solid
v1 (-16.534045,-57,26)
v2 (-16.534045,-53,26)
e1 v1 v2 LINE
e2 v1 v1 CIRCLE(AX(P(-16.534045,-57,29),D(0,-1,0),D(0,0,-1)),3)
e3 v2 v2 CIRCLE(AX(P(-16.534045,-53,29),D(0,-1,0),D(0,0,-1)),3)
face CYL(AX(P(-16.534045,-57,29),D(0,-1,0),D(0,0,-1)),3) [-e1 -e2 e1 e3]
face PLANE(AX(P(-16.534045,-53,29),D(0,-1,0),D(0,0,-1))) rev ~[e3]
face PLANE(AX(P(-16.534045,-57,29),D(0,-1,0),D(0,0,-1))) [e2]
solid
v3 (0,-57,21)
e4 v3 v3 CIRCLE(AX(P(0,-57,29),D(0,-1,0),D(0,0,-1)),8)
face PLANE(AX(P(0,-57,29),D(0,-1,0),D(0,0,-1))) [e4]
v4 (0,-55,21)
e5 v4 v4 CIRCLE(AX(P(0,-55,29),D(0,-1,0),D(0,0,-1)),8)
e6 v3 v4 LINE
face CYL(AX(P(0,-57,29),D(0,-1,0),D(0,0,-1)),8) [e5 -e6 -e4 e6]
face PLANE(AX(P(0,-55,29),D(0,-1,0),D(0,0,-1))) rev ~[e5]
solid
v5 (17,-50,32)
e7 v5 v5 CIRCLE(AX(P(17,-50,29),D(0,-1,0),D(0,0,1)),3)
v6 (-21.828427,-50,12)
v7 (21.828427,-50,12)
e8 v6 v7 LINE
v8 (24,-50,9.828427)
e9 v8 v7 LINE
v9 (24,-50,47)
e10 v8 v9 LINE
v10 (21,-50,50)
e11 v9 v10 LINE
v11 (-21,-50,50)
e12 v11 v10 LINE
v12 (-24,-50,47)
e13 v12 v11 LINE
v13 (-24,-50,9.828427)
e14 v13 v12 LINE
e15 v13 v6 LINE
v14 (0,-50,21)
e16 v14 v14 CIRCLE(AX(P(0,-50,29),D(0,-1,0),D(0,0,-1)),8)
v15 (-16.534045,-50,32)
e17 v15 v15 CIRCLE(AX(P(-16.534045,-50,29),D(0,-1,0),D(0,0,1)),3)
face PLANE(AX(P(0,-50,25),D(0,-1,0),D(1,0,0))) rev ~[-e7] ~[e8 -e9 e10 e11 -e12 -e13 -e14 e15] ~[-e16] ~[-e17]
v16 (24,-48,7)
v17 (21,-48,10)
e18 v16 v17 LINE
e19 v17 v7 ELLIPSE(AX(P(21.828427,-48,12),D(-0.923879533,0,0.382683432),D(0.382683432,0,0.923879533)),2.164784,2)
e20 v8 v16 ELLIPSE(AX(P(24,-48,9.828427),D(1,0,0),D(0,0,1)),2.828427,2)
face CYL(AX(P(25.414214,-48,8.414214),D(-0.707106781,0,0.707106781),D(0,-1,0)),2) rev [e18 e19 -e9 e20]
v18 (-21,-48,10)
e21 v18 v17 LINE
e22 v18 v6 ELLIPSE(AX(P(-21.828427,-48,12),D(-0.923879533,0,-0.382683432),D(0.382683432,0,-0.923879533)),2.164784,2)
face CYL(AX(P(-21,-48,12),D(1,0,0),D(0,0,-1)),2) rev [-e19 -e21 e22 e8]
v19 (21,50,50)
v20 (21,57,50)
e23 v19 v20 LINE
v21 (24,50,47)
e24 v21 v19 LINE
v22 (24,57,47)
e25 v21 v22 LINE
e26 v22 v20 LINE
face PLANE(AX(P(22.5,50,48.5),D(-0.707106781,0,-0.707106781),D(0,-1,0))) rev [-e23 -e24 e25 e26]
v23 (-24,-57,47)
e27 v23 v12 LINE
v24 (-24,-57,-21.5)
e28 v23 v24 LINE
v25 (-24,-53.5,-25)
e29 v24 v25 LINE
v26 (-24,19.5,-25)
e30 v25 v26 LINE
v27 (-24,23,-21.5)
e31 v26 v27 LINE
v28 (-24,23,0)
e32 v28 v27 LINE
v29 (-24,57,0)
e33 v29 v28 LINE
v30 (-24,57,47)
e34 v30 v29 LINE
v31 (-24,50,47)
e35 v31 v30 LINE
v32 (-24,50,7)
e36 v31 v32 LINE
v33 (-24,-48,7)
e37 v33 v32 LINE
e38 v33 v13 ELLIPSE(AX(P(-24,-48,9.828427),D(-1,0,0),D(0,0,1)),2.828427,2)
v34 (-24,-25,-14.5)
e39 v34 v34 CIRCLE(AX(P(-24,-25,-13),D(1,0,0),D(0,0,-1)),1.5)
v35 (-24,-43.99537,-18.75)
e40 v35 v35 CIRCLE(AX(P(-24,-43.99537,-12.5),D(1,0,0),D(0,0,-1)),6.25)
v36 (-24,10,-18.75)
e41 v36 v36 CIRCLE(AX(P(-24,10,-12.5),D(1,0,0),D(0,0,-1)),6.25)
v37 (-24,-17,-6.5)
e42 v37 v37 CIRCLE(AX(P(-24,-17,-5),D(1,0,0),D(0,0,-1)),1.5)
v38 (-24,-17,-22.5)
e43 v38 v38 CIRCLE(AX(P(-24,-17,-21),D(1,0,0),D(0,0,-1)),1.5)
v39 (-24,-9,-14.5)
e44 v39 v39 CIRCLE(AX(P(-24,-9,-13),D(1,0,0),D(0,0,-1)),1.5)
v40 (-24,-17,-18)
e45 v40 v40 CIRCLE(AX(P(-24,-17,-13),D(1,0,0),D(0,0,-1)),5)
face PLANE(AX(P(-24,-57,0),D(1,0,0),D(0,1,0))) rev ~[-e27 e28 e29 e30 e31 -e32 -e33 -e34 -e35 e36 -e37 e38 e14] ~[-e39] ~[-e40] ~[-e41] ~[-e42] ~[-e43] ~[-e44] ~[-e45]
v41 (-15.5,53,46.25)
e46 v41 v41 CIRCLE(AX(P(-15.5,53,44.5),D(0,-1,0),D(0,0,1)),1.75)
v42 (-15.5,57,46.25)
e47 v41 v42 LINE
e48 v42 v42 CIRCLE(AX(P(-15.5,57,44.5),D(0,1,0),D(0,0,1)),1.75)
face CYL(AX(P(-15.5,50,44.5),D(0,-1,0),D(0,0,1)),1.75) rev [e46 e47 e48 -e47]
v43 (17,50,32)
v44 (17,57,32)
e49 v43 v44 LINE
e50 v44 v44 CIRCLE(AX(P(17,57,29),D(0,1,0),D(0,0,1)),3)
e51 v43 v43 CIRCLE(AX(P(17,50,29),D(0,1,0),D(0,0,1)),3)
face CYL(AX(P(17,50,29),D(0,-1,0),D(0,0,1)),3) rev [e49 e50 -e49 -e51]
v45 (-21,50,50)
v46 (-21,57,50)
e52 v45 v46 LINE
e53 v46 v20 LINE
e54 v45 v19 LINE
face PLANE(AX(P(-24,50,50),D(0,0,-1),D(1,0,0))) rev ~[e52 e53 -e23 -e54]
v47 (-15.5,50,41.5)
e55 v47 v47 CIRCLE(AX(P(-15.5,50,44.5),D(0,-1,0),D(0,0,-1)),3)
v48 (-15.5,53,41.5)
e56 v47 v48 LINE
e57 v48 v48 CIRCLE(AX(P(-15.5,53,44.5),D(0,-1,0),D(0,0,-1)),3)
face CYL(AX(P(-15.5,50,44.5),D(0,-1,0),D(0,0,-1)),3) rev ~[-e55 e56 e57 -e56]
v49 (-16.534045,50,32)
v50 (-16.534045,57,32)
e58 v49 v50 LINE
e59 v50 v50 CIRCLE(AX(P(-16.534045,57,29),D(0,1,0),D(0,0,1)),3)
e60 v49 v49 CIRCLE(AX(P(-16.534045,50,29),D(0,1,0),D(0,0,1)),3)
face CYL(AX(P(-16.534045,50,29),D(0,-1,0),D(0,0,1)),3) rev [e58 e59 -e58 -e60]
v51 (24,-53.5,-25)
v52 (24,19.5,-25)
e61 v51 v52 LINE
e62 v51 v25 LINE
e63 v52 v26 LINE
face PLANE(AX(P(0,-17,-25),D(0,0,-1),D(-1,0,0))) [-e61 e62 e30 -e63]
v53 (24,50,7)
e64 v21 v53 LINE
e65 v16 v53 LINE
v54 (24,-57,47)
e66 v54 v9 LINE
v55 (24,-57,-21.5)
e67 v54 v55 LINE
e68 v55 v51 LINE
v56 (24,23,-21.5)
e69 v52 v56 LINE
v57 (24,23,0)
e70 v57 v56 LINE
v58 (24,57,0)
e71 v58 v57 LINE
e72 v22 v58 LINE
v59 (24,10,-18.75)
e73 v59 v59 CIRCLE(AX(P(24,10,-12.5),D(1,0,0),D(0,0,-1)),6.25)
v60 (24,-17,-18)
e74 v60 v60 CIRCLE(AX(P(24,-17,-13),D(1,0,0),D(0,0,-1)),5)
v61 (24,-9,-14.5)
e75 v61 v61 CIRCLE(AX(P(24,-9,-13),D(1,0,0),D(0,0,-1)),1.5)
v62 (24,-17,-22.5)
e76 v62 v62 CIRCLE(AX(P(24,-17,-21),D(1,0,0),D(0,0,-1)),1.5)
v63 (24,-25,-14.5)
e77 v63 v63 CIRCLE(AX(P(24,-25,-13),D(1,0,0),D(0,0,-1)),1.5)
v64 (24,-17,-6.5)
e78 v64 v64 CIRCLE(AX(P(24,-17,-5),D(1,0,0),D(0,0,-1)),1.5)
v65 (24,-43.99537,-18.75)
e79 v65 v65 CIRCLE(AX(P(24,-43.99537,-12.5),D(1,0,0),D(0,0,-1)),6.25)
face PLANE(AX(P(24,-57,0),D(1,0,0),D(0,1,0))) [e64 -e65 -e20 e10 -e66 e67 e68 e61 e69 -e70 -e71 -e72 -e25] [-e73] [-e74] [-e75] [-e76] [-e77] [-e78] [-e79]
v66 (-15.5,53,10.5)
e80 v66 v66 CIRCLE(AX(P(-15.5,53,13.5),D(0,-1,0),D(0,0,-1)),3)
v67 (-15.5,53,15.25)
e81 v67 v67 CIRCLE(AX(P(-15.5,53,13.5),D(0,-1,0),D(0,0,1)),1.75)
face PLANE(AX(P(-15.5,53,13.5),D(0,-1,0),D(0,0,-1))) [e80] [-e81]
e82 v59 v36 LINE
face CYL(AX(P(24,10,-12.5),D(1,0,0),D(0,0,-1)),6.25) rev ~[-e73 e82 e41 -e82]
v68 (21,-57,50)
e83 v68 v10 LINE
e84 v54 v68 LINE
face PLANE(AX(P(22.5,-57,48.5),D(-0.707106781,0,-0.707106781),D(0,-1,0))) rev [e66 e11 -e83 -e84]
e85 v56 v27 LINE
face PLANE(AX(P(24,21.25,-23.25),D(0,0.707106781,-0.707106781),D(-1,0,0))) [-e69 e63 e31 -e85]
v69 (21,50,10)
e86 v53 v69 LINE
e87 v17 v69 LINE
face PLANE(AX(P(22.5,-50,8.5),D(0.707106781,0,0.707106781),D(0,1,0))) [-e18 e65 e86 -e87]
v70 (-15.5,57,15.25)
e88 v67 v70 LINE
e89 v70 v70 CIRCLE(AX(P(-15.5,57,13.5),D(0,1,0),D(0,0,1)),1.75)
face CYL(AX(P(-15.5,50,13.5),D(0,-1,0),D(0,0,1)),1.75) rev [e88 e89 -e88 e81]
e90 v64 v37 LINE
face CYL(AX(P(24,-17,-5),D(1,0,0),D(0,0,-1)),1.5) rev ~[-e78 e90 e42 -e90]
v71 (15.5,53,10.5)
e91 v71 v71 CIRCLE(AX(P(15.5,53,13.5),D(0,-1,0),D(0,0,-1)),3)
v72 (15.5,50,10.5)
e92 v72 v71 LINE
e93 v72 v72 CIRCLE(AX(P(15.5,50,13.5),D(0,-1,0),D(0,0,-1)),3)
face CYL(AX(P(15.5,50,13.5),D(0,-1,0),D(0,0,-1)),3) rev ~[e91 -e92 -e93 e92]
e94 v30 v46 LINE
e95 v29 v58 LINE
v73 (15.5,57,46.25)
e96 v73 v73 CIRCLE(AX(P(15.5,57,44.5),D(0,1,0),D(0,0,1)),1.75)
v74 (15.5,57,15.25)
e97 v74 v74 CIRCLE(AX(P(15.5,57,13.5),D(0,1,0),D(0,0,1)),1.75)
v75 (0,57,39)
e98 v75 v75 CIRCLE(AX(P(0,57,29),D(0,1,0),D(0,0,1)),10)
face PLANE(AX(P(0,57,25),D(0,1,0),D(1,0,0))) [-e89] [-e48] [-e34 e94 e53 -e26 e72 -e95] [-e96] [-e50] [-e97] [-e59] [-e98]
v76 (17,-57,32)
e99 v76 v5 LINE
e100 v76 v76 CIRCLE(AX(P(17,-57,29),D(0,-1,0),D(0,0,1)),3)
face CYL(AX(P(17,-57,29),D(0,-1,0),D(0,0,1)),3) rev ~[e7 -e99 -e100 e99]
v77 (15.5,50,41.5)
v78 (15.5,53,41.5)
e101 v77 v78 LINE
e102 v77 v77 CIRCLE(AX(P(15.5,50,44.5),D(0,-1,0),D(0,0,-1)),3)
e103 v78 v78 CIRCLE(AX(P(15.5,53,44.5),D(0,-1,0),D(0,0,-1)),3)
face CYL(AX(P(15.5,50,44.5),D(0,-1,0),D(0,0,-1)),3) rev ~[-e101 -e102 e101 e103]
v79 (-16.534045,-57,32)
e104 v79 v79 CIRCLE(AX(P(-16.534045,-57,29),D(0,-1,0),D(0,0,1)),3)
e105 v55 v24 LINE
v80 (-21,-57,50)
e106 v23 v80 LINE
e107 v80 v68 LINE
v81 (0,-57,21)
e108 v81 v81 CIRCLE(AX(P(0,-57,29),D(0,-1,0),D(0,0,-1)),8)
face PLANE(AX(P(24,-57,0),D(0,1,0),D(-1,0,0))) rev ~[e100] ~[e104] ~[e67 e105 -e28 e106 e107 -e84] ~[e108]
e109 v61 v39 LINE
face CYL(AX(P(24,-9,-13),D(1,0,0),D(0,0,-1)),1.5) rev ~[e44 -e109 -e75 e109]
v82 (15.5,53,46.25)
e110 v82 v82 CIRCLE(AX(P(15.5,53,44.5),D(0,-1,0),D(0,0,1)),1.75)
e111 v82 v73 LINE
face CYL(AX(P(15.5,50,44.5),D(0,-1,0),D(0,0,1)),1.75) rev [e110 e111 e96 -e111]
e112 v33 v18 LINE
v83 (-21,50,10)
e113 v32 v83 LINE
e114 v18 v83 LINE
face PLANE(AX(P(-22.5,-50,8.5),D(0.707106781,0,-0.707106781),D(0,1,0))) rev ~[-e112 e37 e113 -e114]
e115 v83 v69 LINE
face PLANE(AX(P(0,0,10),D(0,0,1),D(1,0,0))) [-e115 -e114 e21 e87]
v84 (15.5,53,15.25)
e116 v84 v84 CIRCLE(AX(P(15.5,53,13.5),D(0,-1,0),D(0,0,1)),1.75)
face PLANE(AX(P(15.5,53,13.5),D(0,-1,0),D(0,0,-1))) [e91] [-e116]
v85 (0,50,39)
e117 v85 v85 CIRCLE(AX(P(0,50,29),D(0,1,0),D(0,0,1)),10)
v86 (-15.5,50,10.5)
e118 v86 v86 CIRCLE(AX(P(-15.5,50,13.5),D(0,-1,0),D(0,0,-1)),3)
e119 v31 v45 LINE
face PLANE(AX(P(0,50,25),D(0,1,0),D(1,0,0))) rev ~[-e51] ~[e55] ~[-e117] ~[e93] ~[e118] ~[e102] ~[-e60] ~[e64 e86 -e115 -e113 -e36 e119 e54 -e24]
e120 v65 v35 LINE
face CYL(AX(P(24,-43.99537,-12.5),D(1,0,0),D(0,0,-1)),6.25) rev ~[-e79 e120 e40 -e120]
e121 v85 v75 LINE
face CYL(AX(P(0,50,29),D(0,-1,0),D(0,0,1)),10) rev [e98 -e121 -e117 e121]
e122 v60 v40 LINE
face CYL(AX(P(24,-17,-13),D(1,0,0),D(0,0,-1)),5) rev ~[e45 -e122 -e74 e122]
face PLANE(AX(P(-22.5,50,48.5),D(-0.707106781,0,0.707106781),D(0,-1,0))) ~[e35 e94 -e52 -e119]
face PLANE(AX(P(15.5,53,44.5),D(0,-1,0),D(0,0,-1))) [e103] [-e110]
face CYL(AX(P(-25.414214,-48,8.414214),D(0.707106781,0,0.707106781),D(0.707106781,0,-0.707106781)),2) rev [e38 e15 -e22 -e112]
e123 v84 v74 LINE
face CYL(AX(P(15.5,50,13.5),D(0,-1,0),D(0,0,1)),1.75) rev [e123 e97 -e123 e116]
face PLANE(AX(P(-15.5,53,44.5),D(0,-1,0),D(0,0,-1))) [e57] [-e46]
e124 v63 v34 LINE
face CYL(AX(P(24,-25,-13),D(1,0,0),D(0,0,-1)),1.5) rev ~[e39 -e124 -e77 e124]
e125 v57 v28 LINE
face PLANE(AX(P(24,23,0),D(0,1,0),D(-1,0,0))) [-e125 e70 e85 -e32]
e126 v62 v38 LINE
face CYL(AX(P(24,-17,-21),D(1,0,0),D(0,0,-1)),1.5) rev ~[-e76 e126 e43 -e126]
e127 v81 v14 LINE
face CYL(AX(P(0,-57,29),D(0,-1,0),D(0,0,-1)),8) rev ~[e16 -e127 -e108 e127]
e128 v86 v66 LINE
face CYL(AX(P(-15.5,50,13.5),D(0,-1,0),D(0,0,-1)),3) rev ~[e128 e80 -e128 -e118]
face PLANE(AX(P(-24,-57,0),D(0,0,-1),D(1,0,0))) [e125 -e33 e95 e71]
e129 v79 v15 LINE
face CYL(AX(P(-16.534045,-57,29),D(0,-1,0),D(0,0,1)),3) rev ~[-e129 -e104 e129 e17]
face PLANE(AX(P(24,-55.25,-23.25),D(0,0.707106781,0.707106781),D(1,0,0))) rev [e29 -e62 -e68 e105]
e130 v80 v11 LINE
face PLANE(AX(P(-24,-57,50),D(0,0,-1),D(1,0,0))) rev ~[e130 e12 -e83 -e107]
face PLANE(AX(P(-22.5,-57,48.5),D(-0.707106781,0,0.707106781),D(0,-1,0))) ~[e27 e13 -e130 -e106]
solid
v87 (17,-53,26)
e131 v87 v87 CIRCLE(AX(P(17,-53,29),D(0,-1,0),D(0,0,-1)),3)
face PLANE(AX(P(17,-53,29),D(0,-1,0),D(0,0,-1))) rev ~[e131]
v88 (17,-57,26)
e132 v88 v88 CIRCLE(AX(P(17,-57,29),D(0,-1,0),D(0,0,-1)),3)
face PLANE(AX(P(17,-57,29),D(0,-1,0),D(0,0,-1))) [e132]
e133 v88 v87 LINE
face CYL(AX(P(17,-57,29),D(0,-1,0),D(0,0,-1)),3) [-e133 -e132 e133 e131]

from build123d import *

# Parameters (mm, degrees)
SKETCH_1_W          = 48
SKETCH_1_H          = 100
EXTRUDE_1_DEPTH     = 10
SKETCH_4_W          = 48
SKETCH_4_H          = 50
SKETCH_4_R          = 10
SKETCH_4_R_2        = 3
SKETCH_4_R_3        = 1.75
EXTRUDE_3_DEPTH     = 7
EXTRUDE_START       = 7
SKETCH_6_W          = 48
SKETCH_6_H          = 50
SKETCH_6_R          = 8
SKETCH_6_R_2        = 3
EXTRUDE_4_DEPTH     = 7
SKETCH_3_W          = 48
SKETCH_3_H          = 80
EXTRUDE_2_DEPTH     = 25
CHAMFER_1_SIZE      = 3
FILLET_1_R          = 2
SKETCH_7_R          = 3
EXTRUDE_5_DEPTH     = 4
EXTRUDE_5_2_DEPTH   = 4
SKETCH_8_R          = 5
SKETCH_8_R_2        = 1.5
SKETCH_8_R_3        = 6.25
CUT_EXTRUDE_3_DEPTH = 90.738509014
SKETCH_9_R          = 3
CUT_EXTRUDE_4_DEPTH = 3
CHAMFER_5_SIZE      = 3.5
SKETCH_10_R         = 8
EXTRUDE_6_DEPTH     = 2


with BuildPart() as part:
    # 草圖1 → 填料-伸長1 (new body)
    with BuildSketch(Plane.XY):
        Rectangle(SKETCH_1_W, SKETCH_1_H)
    extrude(amount=EXTRUDE_1_DEPTH)

    # 草圖4 → 填料-伸長3 (add)
    with BuildSketch(Plane(origin=(0, 50, 0), x_dir=(1, 0, 0), z_dir=(0, 1, 0))):
        with Locations((0, -25)):
            Rectangle(SKETCH_4_W, SKETCH_4_H)
        with Locations(Location((0, -29, 0), (0, 0, 270))):
            Circle(SKETCH_4_R, mode=Mode.SUBTRACT)
        with Locations(Location((17, -29, 0), (0, 0, 270))):
            Circle(SKETCH_4_R_2, mode=Mode.SUBTRACT)
        with Locations(Location((-16.534045139, -29, 0), (0, 0, 270))):
            Circle(SKETCH_4_R_2, mode=Mode.SUBTRACT)
        with Locations(Location((15.5, -44.5, 0), (0, 0, 270))):
            Circle(SKETCH_4_R_3, mode=Mode.SUBTRACT)
        with Locations(Location((15.5, -13.5, 0), (0, 0, 270))):
            Circle(SKETCH_4_R_3, mode=Mode.SUBTRACT)
        with Locations(Location((-15.5, -13.5, 0), (0, 0, 270))):
            Circle(SKETCH_4_R_3, mode=Mode.SUBTRACT)
        with Locations(Location((-15.5, -44.5, 0), (0, 0, 270))):
            Circle(SKETCH_4_R_3, mode=Mode.SUBTRACT)
    extrude(amount=EXTRUDE_3_DEPTH)

    # 草圖6 → 填料-伸長4 (add)
    with BuildSketch(Plane.XZ.offset(50).offset(EXTRUDE_START)):
        with Locations((0, 25)):
            Rectangle(SKETCH_6_W, SKETCH_6_H)
        with Locations(Location((0, 29, 0), (0, 0, 270))):
            Circle(SKETCH_6_R, mode=Mode.SUBTRACT)
        with Locations(Location((-16.534045139, 29, 0), (0, 0, 90))):
            Circle(SKETCH_6_R_2, mode=Mode.SUBTRACT)
        with Locations(Location((17, 29, 0), (0, 0, 90))):
            Circle(SKETCH_6_R_2, mode=Mode.SUBTRACT)
    extrude(amount=-EXTRUDE_4_DEPTH)

    # 草圖3 → 填料-伸長2 (add)
    with BuildSketch(Plane(origin=(0, 0, 0), x_dir=(-1, 0, 0), z_dir=(0, 0, -1))):
        with Locations((0, -17)):
            Rectangle(SKETCH_3_W, SKETCH_3_H)
    extrude(amount=EXTRUDE_2_DEPTH)

    # 導角1
    chamfer_1_edges = [part.edges().sort_by_distance(p)[0] for p in [
        (24, 0, 10),
        (24, 53.5, 50),
        (-24, 53.5, 50),
        (-24, 0, 10),
        (-24, -53.5, 50),
        (24, -53.5, 50),
    ]]
    chamfer(chamfer_1_edges, length=CHAMFER_1_SIZE)

    # 圓角1
    fillet_1_edges = [part.edges().sort_by_distance(p)[0] for p in [
        (0, -50, 10),
        (22.5, -50, 8.5),
        (-22.5, -50, 8.5),
    ]]
    fillet(fillet_1_edges, radius=FILLET_1_R)

    # 草圖8 → 除料-伸長3 (cut, through all)
    with BuildSketch(Plane(origin=(24, 0, 0), x_dir=(0, 0, -1), z_dir=(1, 0, 0))):
        with Locations((13, -17)):
            Circle(SKETCH_8_R)
        with Locations((21, -17)):
            Circle(SKETCH_8_R_2)
        with Locations((13, -25)):
            Circle(SKETCH_8_R_2)
        with Locations((5, -17)):
            Circle(SKETCH_8_R_2)
        with Locations((13, -9)):
            Circle(SKETCH_8_R_2)
        with Locations((12.5, 10)):
            Circle(SKETCH_8_R_3)
        with Locations((12.5, -43.995369973)):
            Circle(SKETCH_8_R_3)
    extrude(amount=-CUT_EXTRUDE_3_DEPTH, mode=Mode.SUBTRACT)

    # 草圖9 → 除料-伸長4 (cut)
    with BuildSketch(Plane.XZ.offset(-50)):
        with Locations(Location((-15.5, 44.5, 0), (0, 0, 270))):
            Circle(SKETCH_9_R)
        with Locations(Location((-15.5, 13.5, 0), (0, 0, 270))):
            Circle(SKETCH_9_R)
        with Locations(Location((15.5, 13.5, 0), (0, 0, 270))):
            Circle(SKETCH_9_R)
        with Locations(Location((15.5, 44.5, 0), (0, 0, 270))):
            Circle(SKETCH_9_R)
    extrude(amount=-CUT_EXTRUDE_4_DEPTH, mode=Mode.SUBTRACT)

    # 導角5
    chamfer_5_edges = [part.edges().sort_by_distance(p)[0] for p in [
        (0, -57, -25),
        (0, 23, -25),
    ]]
    chamfer(chamfer_5_edges, length=CHAMFER_5_SIZE)


with BuildPart() as body_2:
    # 草圖7 → 填料-伸長5 (new body)
    with BuildSketch(Plane.XZ.offset(57)):
        with Locations(Location((17, 29, 0), (0, 0, 270))):
            Circle(SKETCH_7_R)
    extrude(amount=-EXTRUDE_5_DEPTH)


with BuildPart() as body_3:
    # 草圖7 → Extrude 5 2 (new body)
    with BuildSketch(Plane.XZ.offset(57)):
        with Locations(Location((-16.534045139, 29, 0), (0, 0, 270))):
            Circle(SKETCH_7_R)
    extrude(amount=-EXTRUDE_5_2_DEPTH)


with BuildPart() as body_4:
    # 草圖10 → 填料-伸長6 (new body)
    with BuildSketch(Plane.XZ.offset(57)):
        with Locations(Location((0, 29, 0), (0, 0, 270))):
            Circle(SKETCH_10_R)
    extrude(amount=-EXTRUDE_6_DEPTH)


solid = Compound([part.part, body_2.part, body_3.part, body_4.part])
